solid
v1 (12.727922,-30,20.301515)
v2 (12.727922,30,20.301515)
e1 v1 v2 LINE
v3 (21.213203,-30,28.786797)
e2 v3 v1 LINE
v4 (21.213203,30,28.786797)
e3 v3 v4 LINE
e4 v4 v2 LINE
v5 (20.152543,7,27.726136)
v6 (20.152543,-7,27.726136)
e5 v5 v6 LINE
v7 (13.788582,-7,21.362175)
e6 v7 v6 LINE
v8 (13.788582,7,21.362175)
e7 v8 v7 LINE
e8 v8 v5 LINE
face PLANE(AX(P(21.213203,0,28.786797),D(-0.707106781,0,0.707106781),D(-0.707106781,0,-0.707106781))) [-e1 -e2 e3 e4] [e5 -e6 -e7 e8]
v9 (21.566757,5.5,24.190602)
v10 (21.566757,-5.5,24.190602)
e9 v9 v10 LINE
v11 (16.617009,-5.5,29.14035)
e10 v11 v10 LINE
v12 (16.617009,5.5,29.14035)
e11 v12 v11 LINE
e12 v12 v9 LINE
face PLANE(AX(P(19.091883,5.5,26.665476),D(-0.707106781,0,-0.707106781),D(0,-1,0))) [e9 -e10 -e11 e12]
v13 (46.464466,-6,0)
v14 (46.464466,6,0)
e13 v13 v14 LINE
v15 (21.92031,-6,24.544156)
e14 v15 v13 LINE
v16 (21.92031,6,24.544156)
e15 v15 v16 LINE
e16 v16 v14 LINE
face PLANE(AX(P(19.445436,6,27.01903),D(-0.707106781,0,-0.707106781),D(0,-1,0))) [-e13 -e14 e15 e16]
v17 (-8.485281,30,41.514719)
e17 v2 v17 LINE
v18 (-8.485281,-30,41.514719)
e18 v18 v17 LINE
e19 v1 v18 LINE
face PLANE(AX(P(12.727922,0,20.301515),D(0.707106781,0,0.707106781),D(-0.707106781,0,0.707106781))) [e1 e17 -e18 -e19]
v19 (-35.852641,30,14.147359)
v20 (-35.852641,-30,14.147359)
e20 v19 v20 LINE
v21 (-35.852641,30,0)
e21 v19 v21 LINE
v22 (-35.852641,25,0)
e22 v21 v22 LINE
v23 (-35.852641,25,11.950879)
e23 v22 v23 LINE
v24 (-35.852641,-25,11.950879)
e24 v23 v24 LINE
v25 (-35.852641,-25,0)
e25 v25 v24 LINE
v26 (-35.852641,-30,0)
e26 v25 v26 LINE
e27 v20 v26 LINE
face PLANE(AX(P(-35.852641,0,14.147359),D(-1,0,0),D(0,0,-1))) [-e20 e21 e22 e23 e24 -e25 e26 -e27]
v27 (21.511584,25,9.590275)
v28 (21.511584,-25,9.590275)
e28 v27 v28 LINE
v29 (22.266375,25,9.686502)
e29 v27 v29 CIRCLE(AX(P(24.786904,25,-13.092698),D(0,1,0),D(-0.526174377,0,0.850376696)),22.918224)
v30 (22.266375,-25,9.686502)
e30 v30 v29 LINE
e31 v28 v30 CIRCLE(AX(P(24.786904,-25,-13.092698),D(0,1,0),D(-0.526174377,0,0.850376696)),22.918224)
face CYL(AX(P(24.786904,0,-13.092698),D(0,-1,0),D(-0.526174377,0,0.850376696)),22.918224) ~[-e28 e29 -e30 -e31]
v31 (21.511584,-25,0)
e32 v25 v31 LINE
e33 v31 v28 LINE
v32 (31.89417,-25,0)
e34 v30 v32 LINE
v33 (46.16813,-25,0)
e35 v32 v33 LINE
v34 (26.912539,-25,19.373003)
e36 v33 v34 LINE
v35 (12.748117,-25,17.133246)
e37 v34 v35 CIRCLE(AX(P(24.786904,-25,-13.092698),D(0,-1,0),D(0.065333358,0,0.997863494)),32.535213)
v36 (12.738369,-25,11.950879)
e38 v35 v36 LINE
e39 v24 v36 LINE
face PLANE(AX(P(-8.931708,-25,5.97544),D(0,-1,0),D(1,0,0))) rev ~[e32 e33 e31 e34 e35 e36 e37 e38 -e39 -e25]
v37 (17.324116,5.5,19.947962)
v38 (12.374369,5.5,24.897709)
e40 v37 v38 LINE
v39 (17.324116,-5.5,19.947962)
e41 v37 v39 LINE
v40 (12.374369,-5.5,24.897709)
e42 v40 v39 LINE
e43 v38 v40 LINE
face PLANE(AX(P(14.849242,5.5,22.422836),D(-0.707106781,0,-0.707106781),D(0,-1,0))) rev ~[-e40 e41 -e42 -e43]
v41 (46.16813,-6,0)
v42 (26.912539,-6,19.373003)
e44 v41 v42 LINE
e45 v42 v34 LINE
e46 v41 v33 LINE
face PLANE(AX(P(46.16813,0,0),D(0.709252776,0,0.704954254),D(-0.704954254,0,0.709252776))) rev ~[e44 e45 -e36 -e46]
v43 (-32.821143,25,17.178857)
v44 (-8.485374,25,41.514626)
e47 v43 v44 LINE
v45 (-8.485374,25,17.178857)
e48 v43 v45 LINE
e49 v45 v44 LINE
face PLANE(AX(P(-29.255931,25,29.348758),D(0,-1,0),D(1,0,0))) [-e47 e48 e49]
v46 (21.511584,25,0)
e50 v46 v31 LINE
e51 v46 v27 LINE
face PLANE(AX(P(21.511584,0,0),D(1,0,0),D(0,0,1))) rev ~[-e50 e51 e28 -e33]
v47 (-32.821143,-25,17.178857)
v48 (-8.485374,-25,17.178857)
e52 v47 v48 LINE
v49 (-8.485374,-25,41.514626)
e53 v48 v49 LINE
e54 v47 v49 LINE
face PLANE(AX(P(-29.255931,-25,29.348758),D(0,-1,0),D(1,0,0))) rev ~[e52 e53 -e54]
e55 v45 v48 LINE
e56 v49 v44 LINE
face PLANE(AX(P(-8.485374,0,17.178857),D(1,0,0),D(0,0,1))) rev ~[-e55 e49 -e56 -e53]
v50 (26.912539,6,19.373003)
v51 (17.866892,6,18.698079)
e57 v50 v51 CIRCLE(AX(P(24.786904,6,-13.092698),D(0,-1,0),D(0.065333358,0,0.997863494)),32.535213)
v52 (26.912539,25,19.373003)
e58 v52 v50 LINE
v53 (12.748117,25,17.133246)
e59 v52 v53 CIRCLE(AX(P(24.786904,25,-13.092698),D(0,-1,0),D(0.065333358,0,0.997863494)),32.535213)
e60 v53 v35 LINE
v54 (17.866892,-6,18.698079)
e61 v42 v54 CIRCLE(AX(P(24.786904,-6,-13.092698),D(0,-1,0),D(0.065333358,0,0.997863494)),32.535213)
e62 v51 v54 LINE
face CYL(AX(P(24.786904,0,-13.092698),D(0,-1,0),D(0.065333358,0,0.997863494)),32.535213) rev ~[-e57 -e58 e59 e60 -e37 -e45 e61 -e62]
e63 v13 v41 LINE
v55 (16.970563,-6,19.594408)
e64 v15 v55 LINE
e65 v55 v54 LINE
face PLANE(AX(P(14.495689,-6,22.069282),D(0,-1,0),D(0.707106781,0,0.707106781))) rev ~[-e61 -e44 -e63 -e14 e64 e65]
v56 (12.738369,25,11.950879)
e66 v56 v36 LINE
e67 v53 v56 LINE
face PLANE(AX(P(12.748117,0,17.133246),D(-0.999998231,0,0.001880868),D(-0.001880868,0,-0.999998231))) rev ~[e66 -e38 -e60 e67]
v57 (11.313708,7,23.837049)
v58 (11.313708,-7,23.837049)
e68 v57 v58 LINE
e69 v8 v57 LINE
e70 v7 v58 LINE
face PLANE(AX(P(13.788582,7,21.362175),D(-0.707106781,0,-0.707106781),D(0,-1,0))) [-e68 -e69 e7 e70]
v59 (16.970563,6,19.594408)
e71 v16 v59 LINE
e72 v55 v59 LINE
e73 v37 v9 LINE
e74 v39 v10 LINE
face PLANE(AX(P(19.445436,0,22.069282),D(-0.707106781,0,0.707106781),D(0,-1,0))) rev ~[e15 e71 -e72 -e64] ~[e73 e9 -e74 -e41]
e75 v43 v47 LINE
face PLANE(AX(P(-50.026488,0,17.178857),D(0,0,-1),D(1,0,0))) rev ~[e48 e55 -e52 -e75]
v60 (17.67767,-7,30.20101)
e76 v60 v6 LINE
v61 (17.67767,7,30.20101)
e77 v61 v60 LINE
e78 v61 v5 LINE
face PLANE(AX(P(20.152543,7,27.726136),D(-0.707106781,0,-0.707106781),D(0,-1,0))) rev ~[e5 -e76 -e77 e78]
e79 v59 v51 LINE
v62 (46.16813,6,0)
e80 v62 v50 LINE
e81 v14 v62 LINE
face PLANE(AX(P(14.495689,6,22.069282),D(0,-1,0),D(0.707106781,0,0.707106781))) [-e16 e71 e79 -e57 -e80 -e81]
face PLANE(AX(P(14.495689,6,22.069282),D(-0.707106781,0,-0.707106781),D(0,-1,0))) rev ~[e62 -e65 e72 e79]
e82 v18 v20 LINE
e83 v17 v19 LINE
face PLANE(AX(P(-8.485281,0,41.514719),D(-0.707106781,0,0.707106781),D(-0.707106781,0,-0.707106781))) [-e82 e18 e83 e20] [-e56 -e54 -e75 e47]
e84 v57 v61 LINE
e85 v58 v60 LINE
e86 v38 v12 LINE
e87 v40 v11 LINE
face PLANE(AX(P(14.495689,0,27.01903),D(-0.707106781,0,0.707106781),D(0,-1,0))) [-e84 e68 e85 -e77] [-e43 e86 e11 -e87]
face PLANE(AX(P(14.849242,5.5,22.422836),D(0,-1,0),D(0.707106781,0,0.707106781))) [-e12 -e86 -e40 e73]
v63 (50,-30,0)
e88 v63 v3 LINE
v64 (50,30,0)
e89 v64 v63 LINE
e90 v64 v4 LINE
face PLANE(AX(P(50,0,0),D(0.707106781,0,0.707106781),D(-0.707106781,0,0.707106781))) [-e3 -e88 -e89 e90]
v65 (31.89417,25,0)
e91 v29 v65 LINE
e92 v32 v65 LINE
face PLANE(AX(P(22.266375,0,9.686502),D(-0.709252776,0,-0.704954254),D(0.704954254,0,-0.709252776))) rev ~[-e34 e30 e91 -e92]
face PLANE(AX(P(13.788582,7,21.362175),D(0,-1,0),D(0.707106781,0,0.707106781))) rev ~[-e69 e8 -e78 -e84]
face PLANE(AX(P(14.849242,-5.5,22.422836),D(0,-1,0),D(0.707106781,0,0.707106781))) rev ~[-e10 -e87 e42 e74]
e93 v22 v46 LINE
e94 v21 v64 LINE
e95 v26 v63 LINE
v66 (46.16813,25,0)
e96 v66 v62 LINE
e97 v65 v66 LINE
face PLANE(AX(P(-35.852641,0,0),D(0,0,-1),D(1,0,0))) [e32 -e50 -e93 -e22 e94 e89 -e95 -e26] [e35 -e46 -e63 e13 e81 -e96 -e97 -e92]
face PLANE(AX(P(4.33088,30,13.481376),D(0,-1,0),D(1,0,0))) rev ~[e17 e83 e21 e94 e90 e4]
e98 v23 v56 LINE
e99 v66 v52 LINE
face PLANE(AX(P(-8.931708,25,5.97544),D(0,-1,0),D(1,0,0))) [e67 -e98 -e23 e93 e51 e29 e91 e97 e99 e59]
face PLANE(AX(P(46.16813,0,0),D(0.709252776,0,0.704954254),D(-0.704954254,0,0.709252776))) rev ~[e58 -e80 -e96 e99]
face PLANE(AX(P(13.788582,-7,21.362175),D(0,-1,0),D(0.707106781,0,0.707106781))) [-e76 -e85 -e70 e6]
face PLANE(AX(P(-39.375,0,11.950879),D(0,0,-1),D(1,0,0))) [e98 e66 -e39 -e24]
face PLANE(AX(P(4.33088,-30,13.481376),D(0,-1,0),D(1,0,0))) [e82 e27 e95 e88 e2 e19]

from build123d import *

# Parameters (mm, degrees)
F1_DEPTH  = 30
F2_W      = 12
F2_H      = 7
F3_DEPTH  = 38.2116781187
F5_DEPTH  = 25
F6_W      = 60.886583291
F6_H      = 11.9508793578
F7_DEPTH  = 25
F8_W      = 14
F8_H      = 9
F8_W_2    = 11
F8_H_2    = 6
F9_DEPTH  = 3.5
F10_W     = 41.5411135182
F10_H     = 24.3398016319
F11_DEPTH = 25


with BuildPart() as f1:
    # F0 (on Front) → F1 (new body, symmetric)
    with BuildSketch(Plane.XZ):
        Polygon((-8.4852813742, 41.5147186258), (-35.8526408672, 14.1473591328), (-35.8526408672, 0), (50, 0), (21.2132034356, 28.7867965644), (12.7279220614, 20.3015151902), align=None)
    extrude(amount=F1_DEPTH, both=True)

    # F2 (on face) → F3 (cut, through all)
    with BuildSketch(Plane(origin=(-3.7867965644, 0, 3.7867965644), x_dir=(0, -1, 0), z_dir=(-0.7071067812, 0, 0.7071067812))):
        with Locations((0, 29.3553390593)):
            Rectangle(F2_W, F2_H)
    extrude(amount=-F3_DEPTH, mode=Mode.SUBTRACT)

    # F4 (on Front) → F5 (cut, symmetric)
    with BuildSketch(Plane.XZ):
        with BuildLine():
            Line((31.8941702423, 0), (46.1681298912, 0))
            Line((46.1681298912, 0), (26.9125392085, 19.3730033934))
            ThreePointArc((26.9125392085, 19.3730033934), (19.7053909545, 19.0432368727), (12.7481166376, 17.1332457749))
            Line((12.7481166376, 17.1332457749), (12.7279220614, 6.3964259197))
            ThreePointArc((12.7279220614, 6.3964259197), (17.3138400367, 8.572904137), (22.2663749009, 9.6865016967))
            Line((22.2663749009, 9.6865016967), (31.8941702423, 0))
        make_face()
    extrude(amount=F5_DEPTH, both=True, mode=Mode.SUBTRACT)

    # F6 (on Front) → F7 (cut, symmetric)
    with BuildSketch(Plane.XZ):
        with Locations((-8.9317080565, 5.9754396789)):
            Rectangle(F6_W, F6_H)
    extrude(amount=F7_DEPTH, both=True, mode=Mode.SUBTRACT)

    # F8 (on face) → F9 (join, symmetric)
    with BuildSketch(Plane(origin=(-3.7867965644, 0, 3.7867965644), x_dir=(0, -1, 0), z_dir=(-0.7071067812, 0, 0.7071067812))):
        with Locations((0, 29.3553390593)):
            Rectangle(F8_W, F8_H)
        with Locations((0, 29.3553390593)):
            Rectangle(F8_W_2, F8_H_2, mode=Mode.SUBTRACT)
    extrude(amount=F9_DEPTH, both=True)

    # F10 (on Front) → F11 (cut, symmetric)
    with BuildSketch(Plane.XZ):
        with Locations((-29.2559308, 29.3487575836)):
            Rectangle(F10_W, F10_H)
    extrude(amount=F11_DEPTH, both=True, mode=Mode.SUBTRACT)


solid = f1.part
